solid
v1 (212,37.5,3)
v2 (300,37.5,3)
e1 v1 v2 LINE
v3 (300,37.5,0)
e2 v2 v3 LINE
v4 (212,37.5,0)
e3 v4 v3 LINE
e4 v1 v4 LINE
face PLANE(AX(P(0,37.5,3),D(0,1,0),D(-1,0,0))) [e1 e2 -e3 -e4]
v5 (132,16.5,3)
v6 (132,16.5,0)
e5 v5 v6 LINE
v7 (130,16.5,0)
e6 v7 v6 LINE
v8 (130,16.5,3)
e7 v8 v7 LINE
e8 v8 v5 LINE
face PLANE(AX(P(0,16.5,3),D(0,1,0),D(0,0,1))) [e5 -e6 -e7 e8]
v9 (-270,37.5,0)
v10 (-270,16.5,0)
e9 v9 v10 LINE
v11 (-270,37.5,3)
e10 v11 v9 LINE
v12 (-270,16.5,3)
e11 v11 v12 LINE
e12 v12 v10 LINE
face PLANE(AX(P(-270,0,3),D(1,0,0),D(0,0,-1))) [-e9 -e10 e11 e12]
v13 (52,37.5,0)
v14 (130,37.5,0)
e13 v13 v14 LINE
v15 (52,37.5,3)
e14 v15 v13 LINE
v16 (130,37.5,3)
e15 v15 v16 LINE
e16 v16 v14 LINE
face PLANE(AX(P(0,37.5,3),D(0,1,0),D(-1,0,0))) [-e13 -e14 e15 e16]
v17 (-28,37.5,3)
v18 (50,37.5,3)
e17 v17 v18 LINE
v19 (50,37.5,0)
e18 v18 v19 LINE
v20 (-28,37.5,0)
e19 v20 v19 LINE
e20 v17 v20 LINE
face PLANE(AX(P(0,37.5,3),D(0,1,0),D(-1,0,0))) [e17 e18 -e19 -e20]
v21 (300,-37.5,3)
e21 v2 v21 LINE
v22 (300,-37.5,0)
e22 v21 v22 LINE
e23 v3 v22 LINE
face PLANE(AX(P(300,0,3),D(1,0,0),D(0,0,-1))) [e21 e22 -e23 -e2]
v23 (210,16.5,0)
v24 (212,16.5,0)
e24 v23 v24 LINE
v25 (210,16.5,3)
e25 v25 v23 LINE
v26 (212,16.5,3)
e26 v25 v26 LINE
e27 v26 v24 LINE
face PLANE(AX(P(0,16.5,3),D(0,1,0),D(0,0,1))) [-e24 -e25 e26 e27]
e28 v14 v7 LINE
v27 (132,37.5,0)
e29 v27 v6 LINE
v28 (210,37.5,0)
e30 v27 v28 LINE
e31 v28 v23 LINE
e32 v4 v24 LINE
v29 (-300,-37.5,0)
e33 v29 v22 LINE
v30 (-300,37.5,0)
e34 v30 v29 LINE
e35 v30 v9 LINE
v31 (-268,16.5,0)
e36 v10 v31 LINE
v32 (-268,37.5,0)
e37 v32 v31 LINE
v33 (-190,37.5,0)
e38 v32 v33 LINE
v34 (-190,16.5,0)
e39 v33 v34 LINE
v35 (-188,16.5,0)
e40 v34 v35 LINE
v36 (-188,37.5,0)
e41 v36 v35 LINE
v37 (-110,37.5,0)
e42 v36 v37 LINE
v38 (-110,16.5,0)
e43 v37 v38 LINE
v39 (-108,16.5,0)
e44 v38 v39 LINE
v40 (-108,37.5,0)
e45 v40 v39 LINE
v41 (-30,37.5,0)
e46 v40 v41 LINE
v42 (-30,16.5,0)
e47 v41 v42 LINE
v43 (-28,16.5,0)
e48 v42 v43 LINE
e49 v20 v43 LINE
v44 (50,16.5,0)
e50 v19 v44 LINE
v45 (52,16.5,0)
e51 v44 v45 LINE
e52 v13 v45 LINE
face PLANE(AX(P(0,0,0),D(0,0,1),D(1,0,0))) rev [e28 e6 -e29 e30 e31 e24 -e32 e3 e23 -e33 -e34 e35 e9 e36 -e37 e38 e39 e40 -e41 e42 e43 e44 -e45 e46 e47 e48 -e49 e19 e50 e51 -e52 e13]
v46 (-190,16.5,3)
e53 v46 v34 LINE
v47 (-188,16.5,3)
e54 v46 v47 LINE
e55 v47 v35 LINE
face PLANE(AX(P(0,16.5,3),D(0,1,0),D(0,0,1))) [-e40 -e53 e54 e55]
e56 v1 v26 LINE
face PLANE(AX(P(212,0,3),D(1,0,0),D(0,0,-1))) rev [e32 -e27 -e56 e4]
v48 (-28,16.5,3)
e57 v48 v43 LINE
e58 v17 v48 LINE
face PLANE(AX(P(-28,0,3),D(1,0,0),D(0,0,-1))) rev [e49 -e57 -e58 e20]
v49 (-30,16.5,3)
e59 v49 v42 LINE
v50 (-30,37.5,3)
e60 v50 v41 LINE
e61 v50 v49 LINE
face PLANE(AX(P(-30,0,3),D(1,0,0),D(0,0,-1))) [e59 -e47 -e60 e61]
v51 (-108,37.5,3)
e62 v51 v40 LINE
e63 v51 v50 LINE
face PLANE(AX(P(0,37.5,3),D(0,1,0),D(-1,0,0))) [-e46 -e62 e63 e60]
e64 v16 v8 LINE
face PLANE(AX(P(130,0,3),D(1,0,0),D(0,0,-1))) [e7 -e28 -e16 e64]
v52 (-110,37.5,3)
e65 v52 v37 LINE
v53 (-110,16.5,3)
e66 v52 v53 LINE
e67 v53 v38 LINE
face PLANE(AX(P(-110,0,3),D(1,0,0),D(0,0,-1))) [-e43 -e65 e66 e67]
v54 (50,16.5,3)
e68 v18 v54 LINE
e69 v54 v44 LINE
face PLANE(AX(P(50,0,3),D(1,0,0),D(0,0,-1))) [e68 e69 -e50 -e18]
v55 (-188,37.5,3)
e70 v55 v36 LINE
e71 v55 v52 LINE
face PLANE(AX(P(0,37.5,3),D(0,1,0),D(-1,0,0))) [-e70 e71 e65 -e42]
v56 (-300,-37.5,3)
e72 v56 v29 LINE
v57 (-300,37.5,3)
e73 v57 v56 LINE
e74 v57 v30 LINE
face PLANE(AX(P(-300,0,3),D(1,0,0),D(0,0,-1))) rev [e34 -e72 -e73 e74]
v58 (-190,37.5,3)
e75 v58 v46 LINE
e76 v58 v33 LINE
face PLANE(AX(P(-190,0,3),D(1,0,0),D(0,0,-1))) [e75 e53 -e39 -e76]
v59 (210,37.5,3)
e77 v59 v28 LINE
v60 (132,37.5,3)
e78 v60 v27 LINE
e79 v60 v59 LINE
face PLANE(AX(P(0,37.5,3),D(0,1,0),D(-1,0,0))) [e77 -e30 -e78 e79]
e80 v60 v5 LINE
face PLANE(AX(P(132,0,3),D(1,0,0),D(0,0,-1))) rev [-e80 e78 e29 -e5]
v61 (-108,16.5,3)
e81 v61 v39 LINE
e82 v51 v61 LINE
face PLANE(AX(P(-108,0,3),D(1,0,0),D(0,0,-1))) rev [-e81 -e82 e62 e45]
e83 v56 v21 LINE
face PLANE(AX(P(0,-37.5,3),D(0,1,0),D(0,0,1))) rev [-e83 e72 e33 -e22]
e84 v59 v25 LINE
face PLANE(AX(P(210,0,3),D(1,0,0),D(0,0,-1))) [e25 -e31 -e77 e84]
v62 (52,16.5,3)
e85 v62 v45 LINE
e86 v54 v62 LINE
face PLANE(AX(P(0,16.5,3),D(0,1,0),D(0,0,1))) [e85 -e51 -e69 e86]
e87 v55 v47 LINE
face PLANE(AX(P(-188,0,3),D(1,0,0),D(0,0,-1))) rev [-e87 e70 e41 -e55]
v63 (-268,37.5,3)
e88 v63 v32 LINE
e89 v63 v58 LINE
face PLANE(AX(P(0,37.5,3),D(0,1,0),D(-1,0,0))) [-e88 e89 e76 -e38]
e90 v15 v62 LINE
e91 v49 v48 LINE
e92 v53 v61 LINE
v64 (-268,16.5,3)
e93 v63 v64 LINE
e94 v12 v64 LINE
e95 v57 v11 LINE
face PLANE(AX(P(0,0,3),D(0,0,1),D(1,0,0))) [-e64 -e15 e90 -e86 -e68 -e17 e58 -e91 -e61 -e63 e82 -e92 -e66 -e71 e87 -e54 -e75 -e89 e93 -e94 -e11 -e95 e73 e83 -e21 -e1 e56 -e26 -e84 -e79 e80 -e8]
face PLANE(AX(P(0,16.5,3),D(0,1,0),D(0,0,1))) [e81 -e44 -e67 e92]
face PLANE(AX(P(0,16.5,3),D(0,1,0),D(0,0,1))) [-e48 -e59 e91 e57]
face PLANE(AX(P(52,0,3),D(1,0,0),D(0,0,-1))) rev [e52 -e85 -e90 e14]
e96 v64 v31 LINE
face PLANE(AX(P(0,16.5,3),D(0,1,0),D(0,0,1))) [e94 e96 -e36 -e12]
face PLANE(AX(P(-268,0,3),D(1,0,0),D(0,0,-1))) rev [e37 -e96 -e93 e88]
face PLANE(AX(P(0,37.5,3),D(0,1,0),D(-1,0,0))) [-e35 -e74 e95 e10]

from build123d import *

# Parameters (mm, degrees)
BOSS_EXTRUDE1_DEPTH = 3


with BuildPart() as part:
    # Sketch1 → Boss-Extrude1 (new body)
    with BuildSketch(Plane.XY):
        Polygon((-190, 37.5), (-268, 37.5), (-268, 16.5), (-270, 16.5), (-270, 37.5), (-300, 37.5), (-300, -37.5), (300, -37.5), (300, 37.5), (212, 37.5), (212, 16.5), (210, 16.5), (210, 37.5), (132, 37.5), (132, 16.5), (130, 16.5), (130, 37.5), (52, 37.5), (52, 16.5), (50, 16.5), (50, 37.5), (-28, 37.5), (-28, 16.5), (-30, 16.5), (-30, 37.5), (-108, 37.5), (-108, 16.5), (-110, 16.5), (-110, 37.5), (-188, 37.5), (-188, 16.5), (-190, 16.5), align=None)
    extrude(amount=BOSS_EXTRUDE1_DEPTH)


solid = part.part
